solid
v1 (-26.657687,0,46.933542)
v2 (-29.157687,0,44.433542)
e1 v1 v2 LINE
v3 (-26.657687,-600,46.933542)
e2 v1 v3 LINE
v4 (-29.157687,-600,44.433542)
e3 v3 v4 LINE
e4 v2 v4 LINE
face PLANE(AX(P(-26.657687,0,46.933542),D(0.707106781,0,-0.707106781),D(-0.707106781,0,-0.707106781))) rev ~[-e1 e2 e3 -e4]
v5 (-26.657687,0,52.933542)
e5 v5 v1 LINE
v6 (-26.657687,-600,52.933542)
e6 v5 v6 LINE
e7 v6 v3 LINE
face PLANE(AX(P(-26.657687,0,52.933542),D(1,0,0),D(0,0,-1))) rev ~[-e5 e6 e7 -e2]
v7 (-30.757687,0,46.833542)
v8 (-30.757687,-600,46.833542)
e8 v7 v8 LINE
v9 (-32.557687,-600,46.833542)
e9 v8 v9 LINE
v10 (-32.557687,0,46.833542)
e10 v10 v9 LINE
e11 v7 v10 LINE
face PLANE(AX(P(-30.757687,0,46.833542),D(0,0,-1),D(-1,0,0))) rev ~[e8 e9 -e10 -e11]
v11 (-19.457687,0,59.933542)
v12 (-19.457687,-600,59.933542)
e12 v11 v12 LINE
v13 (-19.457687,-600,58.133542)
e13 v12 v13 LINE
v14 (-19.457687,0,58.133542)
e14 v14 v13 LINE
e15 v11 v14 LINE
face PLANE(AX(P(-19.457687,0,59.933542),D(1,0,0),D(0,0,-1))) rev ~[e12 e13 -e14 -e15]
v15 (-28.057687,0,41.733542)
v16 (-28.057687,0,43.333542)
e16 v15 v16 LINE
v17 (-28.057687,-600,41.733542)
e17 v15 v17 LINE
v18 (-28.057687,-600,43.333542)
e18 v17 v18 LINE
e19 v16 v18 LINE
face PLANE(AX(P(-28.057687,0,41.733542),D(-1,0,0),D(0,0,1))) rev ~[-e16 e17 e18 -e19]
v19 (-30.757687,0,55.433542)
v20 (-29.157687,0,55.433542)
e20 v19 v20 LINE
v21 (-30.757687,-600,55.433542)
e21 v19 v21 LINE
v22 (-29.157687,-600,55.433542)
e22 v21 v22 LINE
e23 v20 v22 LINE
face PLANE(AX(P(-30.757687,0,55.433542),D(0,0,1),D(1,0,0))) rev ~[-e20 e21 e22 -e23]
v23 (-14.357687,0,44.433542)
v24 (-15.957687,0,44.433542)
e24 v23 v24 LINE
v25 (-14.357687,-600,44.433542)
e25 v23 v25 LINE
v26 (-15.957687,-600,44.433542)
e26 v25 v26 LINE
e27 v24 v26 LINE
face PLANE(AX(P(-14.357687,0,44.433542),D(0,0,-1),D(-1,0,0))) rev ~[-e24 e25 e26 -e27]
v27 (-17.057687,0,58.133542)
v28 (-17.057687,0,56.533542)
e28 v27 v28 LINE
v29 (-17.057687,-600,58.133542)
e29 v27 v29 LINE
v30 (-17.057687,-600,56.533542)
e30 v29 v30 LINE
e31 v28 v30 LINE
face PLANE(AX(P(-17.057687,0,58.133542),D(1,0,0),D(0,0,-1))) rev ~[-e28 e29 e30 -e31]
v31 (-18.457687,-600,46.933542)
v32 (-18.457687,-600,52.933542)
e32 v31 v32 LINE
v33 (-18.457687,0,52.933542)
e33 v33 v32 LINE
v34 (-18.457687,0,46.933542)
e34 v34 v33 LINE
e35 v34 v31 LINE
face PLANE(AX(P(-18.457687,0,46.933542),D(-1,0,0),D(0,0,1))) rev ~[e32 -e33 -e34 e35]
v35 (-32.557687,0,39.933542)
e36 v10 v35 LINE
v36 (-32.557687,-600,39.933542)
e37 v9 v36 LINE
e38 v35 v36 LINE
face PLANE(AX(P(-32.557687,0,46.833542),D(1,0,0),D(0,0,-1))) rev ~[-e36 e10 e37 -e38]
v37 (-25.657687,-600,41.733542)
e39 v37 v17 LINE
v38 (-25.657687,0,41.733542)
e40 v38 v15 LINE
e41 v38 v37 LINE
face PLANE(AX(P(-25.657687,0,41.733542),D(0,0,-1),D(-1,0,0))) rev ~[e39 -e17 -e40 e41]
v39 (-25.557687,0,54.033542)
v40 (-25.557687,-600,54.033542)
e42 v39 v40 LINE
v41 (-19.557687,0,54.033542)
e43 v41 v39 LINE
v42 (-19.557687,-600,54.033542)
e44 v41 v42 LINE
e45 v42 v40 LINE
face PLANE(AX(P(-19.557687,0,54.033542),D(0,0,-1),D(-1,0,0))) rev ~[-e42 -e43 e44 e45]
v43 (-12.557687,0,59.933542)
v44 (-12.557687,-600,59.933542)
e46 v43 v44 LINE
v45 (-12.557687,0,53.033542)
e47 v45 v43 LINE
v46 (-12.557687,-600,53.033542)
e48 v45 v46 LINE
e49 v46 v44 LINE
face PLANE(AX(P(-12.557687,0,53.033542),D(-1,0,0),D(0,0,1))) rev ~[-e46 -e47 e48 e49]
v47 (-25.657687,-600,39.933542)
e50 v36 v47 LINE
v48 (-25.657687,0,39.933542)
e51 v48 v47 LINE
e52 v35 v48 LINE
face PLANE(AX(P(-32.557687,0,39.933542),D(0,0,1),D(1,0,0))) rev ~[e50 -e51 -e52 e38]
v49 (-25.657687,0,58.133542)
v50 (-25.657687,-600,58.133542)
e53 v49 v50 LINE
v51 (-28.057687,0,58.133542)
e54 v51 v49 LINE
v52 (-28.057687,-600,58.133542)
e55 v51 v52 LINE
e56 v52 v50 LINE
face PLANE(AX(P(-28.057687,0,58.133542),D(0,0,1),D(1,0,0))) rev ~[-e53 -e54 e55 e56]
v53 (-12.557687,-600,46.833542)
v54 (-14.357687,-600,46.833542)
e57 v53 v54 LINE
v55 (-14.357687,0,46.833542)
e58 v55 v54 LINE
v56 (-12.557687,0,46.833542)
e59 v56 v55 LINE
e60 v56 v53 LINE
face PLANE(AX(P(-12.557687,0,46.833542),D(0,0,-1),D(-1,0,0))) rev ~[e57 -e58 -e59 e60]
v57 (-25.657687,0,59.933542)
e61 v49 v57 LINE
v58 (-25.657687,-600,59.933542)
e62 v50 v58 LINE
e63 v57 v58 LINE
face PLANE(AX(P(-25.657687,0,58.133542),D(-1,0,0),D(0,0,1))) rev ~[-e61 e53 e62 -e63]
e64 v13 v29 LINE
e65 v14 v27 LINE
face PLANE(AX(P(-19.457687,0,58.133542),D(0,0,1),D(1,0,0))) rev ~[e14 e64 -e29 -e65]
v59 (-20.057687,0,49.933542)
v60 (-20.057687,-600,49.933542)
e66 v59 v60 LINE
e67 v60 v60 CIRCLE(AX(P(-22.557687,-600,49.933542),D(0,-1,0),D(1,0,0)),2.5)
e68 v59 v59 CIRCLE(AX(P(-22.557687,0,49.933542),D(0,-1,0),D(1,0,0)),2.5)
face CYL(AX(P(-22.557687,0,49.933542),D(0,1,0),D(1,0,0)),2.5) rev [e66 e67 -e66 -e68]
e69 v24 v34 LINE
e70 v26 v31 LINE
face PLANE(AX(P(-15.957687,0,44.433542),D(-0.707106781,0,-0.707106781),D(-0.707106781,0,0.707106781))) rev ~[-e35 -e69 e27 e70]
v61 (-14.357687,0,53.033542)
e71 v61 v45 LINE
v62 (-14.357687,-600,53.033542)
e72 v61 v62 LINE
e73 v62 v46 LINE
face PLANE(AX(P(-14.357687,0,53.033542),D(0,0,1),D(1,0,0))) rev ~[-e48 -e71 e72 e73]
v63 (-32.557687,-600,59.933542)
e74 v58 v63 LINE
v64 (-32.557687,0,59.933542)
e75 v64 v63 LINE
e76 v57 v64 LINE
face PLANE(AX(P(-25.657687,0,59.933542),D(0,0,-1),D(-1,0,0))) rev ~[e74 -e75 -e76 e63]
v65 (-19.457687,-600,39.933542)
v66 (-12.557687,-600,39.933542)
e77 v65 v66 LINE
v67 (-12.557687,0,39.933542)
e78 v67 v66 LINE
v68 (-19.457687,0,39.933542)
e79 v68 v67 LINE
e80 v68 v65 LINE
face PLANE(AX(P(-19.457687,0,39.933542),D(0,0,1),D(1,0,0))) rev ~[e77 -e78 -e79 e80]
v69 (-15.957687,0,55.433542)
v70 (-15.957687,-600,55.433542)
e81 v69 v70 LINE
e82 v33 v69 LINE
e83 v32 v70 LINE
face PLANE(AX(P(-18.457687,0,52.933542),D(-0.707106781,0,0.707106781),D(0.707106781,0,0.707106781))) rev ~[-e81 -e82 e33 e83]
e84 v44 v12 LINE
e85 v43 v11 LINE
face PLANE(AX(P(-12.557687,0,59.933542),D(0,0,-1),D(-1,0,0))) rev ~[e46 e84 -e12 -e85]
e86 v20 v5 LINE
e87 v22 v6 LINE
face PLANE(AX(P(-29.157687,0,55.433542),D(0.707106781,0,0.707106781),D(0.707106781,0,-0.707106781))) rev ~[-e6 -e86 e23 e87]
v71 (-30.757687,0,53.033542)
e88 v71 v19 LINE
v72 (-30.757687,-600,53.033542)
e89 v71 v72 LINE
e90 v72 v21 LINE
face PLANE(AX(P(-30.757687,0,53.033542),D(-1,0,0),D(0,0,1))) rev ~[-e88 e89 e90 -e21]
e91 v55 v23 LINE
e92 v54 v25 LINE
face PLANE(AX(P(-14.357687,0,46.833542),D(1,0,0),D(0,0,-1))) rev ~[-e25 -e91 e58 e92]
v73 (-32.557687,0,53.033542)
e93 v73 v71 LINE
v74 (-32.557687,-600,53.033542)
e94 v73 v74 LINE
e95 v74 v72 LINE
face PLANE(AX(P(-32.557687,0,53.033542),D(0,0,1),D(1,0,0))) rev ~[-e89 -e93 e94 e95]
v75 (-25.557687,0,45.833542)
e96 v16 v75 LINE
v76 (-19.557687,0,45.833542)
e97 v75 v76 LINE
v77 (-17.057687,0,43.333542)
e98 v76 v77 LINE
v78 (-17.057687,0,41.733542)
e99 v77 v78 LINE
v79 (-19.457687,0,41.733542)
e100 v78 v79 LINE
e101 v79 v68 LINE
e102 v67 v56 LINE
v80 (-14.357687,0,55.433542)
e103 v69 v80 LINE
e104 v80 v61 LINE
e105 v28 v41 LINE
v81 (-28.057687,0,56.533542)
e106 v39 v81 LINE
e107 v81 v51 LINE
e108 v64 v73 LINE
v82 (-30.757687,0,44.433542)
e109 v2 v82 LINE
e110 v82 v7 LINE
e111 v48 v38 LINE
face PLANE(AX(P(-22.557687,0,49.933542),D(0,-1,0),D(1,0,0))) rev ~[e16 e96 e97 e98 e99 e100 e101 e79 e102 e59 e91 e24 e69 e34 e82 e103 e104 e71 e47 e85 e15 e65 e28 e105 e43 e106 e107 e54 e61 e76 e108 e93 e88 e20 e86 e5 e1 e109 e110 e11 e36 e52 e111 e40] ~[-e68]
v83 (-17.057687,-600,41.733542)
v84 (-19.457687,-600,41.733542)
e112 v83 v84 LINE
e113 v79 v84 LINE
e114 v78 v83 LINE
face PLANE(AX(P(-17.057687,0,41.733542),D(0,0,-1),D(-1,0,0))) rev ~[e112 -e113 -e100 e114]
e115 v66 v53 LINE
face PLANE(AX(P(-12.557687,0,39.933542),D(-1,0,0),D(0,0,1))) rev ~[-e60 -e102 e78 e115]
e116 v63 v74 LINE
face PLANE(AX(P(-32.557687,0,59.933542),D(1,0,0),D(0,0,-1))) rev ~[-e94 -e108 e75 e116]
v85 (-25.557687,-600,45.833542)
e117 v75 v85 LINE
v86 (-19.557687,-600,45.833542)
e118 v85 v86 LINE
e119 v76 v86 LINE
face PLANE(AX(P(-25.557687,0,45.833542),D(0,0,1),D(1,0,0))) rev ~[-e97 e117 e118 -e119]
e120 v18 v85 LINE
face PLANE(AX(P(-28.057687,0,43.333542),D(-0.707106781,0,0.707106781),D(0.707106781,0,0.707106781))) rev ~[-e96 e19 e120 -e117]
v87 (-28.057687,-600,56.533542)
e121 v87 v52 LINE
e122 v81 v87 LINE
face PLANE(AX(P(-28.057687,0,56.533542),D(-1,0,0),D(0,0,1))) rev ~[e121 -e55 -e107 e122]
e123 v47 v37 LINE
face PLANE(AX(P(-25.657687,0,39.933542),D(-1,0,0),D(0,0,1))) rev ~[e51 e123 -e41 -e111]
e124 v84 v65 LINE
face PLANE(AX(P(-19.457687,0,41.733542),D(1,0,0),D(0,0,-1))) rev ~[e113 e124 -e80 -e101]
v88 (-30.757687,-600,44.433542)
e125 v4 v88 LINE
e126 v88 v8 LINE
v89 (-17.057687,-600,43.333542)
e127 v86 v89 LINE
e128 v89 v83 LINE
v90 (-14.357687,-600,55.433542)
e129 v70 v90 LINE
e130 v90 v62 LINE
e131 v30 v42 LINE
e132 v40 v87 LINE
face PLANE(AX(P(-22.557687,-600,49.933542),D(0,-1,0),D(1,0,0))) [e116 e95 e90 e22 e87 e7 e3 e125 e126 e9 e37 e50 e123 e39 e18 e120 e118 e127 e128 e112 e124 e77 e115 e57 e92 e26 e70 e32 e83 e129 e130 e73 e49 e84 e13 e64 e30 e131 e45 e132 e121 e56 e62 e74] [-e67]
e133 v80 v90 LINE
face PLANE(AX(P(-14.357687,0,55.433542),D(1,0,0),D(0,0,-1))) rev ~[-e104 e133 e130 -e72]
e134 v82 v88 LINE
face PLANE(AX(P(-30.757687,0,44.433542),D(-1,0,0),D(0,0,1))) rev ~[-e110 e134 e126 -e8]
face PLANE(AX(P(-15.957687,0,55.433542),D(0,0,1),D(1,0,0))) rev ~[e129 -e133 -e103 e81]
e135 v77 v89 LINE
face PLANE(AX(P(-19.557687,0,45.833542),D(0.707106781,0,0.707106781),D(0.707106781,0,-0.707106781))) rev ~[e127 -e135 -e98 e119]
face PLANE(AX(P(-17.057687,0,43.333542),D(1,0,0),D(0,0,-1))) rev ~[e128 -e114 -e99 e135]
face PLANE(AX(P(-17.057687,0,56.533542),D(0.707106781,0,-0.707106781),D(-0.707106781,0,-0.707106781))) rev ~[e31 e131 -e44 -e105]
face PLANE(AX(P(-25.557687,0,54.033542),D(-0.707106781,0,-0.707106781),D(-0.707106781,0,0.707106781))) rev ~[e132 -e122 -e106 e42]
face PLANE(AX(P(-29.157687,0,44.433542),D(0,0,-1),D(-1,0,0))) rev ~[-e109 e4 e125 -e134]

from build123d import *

# Parameters (mm, degrees)
F0_R     = 2.5
F1_DEPTH = 600


with BuildPart() as f1:
    # F0 (on Front) → F1 (new body)
    with BuildSketch(Plane.XZ):
        Polygon((-25.657687, 59.933542), (-32.557687, 59.933542), (-32.557687, 53.033542), (-30.757687, 53.033542), (-30.757687, 55.433542), (-29.157687, 55.433542), (-26.657687, 52.933542), (-26.657687, 46.933542), (-29.157687, 44.433542), (-30.757687, 44.433542), (-30.757687, 46.833542), (-32.557687, 46.833542), (-32.557687, 39.933542), (-25.657687, 39.933542), (-25.657687, 41.733542), (-28.057687, 41.733542), (-28.057687, 43.333542), (-25.557687, 45.833542), (-22.557687, 45.833542), (-19.557687, 45.833542), (-17.057687, 43.333542), (-17.057687, 41.733542), (-19.457687, 41.733542), (-19.457687, 39.933542), (-12.557687, 39.933542), (-12.557687, 46.833542), (-14.357687, 46.833542), (-14.357687, 44.433542), (-15.957687, 44.433542), (-18.457687, 46.933542), (-18.457687, 52.933542), (-15.957687, 55.433542), (-14.357687, 55.433542), (-14.357687, 53.033542), (-12.557687, 53.033542), (-12.557687, 59.933542), (-19.457687, 59.933542), (-19.457687, 58.133542), (-17.057687, 58.133542), (-17.057687, 56.533542), (-19.557687, 54.033542), (-22.557687, 54.033542), (-25.557687, 54.033542), (-28.057687, 56.533542), (-28.057687, 58.133542), (-25.657687, 58.133542), align=None)
        with Locations((-22.557687, 49.933542)):
            Circle(F0_R, mode=Mode.SUBTRACT)
    extrude(amount=F1_DEPTH)


solid = f1.part
